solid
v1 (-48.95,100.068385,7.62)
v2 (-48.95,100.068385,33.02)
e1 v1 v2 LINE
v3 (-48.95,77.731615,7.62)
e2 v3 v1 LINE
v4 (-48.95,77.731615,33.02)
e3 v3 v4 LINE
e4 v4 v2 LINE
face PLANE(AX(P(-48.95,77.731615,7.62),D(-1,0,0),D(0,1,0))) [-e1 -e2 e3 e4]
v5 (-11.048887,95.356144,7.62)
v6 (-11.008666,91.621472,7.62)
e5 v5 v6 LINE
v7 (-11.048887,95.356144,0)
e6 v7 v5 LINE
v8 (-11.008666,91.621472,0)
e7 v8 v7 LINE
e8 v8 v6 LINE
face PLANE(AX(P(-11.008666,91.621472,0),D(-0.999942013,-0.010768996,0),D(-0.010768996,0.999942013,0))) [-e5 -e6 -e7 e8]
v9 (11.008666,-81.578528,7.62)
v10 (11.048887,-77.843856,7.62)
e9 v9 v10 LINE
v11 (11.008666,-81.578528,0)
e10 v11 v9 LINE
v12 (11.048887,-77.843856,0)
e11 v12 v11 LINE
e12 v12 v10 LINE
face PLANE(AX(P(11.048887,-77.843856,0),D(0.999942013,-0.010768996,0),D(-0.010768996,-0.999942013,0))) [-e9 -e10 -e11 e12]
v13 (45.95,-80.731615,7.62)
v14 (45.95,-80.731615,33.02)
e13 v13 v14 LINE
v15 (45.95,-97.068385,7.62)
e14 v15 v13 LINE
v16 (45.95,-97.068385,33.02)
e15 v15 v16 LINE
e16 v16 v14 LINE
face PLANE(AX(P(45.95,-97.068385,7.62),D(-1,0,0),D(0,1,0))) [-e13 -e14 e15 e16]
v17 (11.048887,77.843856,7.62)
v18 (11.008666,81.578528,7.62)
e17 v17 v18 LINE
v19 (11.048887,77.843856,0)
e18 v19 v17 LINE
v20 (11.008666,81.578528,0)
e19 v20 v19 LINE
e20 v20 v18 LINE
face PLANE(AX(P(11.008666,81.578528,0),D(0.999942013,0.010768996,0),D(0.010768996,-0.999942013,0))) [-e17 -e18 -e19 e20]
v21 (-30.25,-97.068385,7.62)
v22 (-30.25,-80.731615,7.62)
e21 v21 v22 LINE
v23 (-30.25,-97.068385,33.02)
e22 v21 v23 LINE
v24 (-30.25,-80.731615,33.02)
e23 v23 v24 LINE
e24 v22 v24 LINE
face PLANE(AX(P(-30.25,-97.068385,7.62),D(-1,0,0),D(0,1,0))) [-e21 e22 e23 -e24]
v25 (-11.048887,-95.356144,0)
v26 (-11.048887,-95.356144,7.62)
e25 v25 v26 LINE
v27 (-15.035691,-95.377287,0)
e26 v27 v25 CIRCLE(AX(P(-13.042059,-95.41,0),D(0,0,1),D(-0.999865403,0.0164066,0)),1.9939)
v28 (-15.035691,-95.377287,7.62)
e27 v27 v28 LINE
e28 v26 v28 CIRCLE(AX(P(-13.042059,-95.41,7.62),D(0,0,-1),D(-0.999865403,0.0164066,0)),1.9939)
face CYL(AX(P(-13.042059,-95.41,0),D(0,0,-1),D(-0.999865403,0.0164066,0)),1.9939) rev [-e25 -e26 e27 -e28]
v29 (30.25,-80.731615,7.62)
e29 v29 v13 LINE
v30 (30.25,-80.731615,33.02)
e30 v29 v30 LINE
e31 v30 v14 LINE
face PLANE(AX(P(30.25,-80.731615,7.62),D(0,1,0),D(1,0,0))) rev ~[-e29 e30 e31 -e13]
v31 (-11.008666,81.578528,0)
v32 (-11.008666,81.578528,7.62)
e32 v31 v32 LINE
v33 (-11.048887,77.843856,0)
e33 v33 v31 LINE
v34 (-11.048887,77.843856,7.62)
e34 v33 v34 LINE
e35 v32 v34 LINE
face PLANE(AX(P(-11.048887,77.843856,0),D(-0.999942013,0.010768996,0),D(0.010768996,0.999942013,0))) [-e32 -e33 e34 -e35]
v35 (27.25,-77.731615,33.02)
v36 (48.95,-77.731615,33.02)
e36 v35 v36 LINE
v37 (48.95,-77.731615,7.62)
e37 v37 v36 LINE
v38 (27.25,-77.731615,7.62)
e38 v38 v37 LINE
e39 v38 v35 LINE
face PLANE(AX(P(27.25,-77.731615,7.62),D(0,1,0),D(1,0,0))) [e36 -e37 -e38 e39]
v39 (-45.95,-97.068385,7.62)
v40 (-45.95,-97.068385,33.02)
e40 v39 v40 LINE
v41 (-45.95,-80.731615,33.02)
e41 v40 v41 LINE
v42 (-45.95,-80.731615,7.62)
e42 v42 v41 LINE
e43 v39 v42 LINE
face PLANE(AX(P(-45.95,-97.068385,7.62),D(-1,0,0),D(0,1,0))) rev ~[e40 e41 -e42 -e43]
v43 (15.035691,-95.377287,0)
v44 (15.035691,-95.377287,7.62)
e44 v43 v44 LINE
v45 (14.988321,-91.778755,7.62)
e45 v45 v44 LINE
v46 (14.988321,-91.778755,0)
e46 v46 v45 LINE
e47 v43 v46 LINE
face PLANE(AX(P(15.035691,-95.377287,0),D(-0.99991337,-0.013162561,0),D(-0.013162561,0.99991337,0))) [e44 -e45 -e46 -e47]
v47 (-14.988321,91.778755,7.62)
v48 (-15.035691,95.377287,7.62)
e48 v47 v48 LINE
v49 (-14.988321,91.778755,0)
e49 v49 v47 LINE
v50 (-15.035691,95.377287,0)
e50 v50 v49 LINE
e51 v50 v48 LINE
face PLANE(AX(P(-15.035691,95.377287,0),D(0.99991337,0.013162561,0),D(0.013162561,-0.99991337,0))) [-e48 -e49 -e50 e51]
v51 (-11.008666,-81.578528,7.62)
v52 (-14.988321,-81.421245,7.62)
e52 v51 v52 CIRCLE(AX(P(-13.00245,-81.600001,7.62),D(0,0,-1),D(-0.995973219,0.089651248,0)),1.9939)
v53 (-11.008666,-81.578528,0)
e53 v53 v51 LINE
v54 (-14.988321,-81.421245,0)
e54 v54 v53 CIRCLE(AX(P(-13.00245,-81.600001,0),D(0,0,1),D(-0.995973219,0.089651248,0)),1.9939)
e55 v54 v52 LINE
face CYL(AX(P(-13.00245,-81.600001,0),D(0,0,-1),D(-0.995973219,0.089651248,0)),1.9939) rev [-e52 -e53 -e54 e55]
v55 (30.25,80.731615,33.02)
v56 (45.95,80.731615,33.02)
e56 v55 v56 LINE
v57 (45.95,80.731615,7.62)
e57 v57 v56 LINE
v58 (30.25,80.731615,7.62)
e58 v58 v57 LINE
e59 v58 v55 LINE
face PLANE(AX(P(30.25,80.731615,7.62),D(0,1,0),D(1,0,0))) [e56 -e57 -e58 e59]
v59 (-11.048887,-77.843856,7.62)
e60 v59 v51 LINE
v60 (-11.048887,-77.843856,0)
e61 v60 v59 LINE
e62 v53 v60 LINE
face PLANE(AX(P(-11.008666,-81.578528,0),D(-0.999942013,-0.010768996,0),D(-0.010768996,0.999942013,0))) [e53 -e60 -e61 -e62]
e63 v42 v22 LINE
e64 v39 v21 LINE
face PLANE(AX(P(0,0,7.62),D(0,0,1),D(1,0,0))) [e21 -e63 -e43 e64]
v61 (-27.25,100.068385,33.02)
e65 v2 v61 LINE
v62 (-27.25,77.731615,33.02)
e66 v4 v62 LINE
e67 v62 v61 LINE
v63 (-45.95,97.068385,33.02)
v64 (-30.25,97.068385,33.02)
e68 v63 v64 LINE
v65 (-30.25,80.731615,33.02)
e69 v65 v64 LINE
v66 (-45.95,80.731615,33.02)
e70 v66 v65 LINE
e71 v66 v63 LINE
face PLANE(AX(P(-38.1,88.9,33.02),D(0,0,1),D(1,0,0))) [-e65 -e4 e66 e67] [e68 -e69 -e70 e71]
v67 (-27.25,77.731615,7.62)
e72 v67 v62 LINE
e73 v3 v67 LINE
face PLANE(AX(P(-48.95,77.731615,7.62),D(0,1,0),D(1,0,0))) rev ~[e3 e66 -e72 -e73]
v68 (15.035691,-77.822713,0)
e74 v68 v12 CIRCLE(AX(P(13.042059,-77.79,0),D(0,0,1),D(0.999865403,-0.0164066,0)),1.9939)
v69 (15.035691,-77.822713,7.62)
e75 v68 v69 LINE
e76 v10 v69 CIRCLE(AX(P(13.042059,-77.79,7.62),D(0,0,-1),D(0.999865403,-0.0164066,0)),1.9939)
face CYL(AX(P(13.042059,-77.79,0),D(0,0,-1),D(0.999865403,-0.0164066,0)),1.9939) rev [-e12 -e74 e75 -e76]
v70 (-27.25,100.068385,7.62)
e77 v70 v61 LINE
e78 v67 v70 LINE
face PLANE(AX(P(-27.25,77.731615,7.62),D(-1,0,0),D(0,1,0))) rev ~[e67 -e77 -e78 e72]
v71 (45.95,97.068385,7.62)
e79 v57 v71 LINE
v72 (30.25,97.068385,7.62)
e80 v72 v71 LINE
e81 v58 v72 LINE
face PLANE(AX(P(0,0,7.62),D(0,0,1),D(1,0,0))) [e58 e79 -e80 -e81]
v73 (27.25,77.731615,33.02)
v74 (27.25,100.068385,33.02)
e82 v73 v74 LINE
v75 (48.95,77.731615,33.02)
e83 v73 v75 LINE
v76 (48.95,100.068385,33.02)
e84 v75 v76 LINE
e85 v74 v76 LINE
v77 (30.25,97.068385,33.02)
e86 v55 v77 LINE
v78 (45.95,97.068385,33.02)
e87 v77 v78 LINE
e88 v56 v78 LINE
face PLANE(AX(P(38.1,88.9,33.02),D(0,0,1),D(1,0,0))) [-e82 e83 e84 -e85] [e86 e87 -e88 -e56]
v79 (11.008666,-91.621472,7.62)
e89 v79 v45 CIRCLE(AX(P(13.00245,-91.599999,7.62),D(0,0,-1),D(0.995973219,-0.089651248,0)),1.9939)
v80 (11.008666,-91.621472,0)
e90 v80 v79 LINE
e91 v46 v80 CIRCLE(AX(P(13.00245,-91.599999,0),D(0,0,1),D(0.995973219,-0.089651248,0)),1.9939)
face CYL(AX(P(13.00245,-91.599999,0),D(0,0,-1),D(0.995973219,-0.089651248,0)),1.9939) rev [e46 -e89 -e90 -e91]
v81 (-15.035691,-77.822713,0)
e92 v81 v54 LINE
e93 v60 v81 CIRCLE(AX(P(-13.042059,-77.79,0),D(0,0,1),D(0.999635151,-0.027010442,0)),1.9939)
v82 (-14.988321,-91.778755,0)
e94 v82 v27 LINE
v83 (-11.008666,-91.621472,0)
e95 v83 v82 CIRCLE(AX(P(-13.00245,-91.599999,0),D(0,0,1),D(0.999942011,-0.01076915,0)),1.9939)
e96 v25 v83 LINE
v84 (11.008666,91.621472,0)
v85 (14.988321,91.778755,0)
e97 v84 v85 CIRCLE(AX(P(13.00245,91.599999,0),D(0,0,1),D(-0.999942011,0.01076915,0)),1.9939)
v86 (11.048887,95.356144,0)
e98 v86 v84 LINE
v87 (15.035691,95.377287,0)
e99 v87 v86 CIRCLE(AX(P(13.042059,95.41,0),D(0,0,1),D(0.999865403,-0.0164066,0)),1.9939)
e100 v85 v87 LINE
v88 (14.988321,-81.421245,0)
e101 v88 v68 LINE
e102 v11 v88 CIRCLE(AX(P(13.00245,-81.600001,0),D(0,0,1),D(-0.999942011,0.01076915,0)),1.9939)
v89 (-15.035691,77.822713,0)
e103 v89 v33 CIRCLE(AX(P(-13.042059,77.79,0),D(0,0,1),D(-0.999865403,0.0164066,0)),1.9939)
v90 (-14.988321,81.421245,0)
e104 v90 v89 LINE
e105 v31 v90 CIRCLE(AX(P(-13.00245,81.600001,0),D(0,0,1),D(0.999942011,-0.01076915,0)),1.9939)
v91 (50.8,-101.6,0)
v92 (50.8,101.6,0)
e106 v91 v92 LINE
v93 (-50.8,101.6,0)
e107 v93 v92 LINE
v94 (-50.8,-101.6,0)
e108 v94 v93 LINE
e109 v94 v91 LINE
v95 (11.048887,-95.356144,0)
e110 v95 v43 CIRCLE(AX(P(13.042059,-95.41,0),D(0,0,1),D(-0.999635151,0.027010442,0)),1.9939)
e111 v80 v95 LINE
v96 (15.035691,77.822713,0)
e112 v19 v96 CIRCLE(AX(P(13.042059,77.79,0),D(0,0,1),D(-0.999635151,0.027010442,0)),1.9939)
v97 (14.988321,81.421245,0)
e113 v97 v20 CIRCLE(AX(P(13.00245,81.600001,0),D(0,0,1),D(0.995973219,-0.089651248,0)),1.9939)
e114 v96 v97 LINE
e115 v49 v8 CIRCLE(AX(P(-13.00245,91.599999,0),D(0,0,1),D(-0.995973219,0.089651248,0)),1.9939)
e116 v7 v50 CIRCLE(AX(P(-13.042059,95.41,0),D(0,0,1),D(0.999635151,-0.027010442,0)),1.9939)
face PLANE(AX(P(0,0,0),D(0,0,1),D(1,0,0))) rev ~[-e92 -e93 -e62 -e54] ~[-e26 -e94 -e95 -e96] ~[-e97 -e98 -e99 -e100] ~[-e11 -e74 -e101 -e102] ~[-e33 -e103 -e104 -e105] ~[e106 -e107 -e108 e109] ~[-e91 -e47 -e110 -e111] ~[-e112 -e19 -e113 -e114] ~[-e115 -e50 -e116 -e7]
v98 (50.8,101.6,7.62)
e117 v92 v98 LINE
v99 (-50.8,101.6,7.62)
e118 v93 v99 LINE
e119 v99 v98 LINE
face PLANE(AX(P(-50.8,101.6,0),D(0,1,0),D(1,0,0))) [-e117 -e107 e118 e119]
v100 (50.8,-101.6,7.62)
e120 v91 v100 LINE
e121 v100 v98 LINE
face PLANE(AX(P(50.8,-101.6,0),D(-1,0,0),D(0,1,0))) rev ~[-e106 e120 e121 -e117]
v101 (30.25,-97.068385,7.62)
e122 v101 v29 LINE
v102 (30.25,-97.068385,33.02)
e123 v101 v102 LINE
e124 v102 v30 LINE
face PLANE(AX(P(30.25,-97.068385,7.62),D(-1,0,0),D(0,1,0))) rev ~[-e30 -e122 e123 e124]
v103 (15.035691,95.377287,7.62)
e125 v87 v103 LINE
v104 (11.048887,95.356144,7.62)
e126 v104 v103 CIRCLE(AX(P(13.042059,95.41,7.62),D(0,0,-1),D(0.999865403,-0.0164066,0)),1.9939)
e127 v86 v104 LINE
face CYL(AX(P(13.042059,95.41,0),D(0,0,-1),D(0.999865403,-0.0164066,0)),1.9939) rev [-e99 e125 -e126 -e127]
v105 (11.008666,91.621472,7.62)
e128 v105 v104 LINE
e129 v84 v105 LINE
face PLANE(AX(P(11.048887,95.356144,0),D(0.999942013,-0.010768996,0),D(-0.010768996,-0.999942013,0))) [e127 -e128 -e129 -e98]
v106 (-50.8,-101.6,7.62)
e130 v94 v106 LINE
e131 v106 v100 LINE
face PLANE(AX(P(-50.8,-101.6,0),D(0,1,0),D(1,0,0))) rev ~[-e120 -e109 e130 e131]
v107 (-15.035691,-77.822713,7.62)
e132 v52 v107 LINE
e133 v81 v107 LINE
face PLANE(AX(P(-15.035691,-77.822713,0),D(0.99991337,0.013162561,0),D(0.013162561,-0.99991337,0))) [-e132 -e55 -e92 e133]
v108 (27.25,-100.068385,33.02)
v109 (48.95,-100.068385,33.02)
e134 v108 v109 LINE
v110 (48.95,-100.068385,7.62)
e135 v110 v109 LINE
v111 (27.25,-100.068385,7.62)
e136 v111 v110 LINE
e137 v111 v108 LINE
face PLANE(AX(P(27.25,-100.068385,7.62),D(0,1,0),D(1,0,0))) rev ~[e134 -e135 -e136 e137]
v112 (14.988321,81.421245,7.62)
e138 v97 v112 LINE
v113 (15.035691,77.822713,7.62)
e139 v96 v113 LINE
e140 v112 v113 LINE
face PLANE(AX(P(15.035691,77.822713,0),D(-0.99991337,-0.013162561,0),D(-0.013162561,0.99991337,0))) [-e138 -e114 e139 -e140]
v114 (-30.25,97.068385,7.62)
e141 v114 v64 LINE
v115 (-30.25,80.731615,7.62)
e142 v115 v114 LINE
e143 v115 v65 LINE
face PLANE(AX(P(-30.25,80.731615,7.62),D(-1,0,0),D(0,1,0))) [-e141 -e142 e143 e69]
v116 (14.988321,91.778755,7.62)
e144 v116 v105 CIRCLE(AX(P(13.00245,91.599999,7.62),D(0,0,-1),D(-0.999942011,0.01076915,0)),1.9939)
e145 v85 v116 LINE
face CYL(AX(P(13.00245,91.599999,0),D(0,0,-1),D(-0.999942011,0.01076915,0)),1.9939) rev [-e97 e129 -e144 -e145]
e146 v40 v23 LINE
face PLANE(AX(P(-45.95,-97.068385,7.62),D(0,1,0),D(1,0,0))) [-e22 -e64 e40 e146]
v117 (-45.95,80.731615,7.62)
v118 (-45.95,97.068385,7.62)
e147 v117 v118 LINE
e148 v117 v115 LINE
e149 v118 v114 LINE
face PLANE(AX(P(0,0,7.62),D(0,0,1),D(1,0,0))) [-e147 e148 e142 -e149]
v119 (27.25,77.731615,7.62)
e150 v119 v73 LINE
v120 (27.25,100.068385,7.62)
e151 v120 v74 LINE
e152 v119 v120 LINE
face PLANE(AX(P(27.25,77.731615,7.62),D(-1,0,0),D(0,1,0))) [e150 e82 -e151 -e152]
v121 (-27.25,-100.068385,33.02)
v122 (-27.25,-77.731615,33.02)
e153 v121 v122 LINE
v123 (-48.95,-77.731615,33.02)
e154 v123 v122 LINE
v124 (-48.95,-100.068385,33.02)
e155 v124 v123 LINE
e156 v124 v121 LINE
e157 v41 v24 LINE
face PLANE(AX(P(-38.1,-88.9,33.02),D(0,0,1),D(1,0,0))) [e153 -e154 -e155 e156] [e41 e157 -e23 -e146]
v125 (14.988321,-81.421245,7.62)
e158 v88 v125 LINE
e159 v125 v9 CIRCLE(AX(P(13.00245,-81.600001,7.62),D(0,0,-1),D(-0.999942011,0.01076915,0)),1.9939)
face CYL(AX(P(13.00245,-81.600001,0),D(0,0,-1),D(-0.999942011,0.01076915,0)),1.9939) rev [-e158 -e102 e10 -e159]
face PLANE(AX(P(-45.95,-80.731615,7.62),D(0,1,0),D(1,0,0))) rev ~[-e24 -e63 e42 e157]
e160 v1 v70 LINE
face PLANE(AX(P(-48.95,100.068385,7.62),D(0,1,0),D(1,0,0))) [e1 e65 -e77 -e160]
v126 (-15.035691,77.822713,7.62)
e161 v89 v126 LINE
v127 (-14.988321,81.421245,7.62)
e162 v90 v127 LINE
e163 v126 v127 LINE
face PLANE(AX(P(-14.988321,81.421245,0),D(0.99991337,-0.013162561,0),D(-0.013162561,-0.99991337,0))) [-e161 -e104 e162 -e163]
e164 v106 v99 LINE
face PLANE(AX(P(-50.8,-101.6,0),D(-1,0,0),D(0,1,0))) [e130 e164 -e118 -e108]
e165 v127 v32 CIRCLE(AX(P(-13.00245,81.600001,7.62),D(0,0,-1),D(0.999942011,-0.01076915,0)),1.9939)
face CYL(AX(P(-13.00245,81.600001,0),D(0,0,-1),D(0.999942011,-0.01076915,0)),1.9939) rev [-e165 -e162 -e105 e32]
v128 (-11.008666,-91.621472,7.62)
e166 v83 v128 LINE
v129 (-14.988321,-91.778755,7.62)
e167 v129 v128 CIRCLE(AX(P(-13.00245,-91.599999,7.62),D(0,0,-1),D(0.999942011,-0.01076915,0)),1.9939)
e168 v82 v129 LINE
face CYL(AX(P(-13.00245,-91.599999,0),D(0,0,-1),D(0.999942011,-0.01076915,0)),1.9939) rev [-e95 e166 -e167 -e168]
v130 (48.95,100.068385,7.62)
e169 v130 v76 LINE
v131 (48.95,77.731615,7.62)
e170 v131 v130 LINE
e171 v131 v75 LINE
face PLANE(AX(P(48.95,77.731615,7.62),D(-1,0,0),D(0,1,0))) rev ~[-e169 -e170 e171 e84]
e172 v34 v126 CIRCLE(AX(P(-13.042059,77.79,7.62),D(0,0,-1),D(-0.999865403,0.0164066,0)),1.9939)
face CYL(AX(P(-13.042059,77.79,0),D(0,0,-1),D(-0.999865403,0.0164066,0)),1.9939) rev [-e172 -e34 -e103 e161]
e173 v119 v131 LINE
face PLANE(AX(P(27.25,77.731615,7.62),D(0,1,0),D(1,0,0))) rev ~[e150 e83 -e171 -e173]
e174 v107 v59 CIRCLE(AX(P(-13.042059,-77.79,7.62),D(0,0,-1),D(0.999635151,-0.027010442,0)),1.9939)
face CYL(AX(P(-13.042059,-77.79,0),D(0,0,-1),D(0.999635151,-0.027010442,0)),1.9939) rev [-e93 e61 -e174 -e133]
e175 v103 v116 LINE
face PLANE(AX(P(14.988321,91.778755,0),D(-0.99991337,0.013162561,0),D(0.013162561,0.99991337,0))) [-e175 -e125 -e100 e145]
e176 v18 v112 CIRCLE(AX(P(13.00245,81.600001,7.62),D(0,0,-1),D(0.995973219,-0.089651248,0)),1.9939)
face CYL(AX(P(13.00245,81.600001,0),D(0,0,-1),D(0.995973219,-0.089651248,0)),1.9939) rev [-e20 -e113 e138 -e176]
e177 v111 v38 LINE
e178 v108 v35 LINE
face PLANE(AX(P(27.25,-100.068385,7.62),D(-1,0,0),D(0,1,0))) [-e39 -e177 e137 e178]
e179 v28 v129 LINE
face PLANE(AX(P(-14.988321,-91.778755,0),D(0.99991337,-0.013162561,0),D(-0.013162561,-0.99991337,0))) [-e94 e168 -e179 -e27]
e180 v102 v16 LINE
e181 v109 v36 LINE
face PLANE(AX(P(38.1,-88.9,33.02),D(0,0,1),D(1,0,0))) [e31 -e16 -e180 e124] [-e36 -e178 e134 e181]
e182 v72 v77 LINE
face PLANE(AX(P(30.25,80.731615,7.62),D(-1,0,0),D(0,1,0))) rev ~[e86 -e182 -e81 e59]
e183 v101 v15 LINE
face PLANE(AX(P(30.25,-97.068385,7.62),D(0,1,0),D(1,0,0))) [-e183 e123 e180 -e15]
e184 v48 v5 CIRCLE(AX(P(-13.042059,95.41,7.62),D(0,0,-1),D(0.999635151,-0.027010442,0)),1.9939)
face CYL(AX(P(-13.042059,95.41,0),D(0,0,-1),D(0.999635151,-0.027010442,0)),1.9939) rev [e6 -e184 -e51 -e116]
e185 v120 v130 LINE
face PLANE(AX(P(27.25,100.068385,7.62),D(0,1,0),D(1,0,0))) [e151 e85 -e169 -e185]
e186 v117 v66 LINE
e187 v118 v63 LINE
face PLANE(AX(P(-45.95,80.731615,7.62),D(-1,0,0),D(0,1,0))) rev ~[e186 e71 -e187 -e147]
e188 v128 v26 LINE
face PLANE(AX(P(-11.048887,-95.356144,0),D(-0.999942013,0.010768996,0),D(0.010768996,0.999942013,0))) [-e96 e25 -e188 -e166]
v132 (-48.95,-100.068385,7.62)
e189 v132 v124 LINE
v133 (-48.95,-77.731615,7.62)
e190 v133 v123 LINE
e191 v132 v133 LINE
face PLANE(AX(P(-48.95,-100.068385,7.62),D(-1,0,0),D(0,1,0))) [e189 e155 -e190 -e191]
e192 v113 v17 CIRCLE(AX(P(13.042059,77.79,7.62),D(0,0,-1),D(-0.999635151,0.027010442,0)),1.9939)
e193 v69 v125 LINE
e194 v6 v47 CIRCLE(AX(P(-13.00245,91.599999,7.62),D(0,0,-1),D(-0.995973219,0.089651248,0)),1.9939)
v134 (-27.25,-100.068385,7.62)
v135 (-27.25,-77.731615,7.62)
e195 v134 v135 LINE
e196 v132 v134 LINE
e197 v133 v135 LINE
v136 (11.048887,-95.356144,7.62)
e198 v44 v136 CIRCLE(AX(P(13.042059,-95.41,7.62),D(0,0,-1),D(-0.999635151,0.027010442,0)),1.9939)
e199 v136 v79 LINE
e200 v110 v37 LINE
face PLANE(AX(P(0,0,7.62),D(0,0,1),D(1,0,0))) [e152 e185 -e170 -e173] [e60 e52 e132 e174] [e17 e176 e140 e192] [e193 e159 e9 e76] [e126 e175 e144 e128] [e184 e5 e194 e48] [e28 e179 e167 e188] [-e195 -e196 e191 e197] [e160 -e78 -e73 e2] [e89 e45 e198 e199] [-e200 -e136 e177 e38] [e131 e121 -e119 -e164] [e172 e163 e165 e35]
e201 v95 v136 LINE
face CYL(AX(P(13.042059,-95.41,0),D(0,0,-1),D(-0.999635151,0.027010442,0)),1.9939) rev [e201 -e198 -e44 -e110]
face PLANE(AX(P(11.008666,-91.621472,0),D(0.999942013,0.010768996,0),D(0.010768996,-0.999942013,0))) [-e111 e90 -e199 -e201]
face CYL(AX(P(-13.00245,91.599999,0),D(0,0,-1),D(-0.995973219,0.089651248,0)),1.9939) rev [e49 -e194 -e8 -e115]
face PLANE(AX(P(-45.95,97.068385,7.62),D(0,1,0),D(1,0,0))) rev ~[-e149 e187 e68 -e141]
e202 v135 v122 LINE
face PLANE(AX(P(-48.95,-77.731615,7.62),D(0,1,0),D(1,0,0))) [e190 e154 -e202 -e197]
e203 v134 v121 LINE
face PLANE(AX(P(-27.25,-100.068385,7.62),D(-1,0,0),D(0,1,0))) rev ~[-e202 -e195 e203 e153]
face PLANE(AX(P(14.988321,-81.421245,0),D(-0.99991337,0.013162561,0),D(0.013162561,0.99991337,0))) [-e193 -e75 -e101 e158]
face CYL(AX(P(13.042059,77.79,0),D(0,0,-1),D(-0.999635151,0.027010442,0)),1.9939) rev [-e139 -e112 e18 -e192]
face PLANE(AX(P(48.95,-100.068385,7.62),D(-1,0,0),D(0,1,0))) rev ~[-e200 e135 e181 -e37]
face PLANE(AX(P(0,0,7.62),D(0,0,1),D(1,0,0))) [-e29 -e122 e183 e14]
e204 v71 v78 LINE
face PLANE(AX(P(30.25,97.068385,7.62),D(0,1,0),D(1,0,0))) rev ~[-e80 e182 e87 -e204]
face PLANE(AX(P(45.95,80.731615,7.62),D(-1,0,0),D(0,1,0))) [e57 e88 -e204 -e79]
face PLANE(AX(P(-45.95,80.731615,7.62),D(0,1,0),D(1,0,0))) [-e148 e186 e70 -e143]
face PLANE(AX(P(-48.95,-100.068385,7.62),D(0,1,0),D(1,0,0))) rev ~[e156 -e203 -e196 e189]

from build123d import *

# Parameters (mm, degrees)
F0_W     = 101.6
F0_H     = 203.2
F1_DEPTH = 7.62
F3_DEPTH = 25.4
F4_W     = 21.7
F4_H     = 22.33677
F4_W_2   = 15.7
F4_H_2   = 16.33677
F5_DEPTH = 25.4


with BuildPart() as f1:
    # F0 (on Top) → F1 (new body)
    with BuildSketch(Plane.XY):
        Rectangle(F0_W, F0_H)
    extrude(amount=F1_DEPTH)

    # F2 (on Top) → F3 (cut)
    with BuildSketch(Plane.XY):
        with BuildLine():
            Line((-15.035691, -77.822713), (-14.988321, -81.421245))
            ThreePointArc((-14.988321, -81.421245), (-13.081192, -83.592345), (-11.008666, -81.578528))
            Line((-11.008666, -81.578528), (-11.048887, -77.843856))
            ThreePointArc((-11.048887, -77.843856), (-13.031485, -75.796128), (-15.035691, -77.822713))
        make_face()
        with BuildLine():
            ThreePointArc((-15.035691, -95.377287), (-13.031485, -97.403872), (-11.048887, -95.356144))
            Line((-11.048887, -95.356144), (-11.008666, -91.621472))
            ThreePointArc((-11.008666, -91.621472), (-13.081192, -89.607655), (-14.988321, -91.778755))
            Line((-14.988321, -91.778755), (-15.035691, -95.377287))
        make_face()
        with BuildLine():
            ThreePointArc((15.035691, -77.822713), (13.031485, -75.796128), (11.048887, -77.843856))
            Line((11.048887, -77.843856), (11.008666, -81.578528))
            ThreePointArc((11.008666, -81.578528), (13.081192, -83.592345), (14.988321, -81.421245))
            Line((14.988321, -81.421245), (15.035691, -77.822713))
        make_face()
        with BuildLine():
            Line((11.008666, -91.621472), (11.048887, -95.356144))
            ThreePointArc((11.048887, -95.356144), (13.031485, -97.403872), (15.035691, -95.377287))
            Line((15.035691, -95.377287), (14.988321, -91.778755))
            ThreePointArc((14.988321, -91.778755), (13.081192, -89.607655), (11.008666, -91.621472))
        make_face()
        with BuildLine():
            ThreePointArc((15.035691, 95.377287), (13.031485, 97.403872), (11.048887, 95.356144))
            Line((11.048887, 95.356144), (11.008666, 91.621472))
            ThreePointArc((11.008666, 91.621472), (13.081192, 89.607655), (14.988321, 91.778755))
            Line((14.988321, 91.778755), (15.035691, 95.377287))
        make_face()
        with BuildLine():
            Line((-11.008666, 91.621472), (-11.048887, 95.356144))
            ThreePointArc((-11.048887, 95.356144), (-13.031485, 97.403872), (-15.035691, 95.377287))
            Line((-15.035691, 95.377287), (-14.988321, 91.778755))
            ThreePointArc((-14.988321, 91.778755), (-13.081192, 89.607655), (-11.008666, 91.621472))
        make_face()
        with BuildLine():
            ThreePointArc((-15.035691, 77.822713), (-13.031485, 75.796128), (-11.048887, 77.843856))
            Line((-11.048887, 77.843856), (-11.008666, 81.578528))
            ThreePointArc((-11.008666, 81.578528), (-13.081192, 83.592345), (-14.988321, 81.421245))
            Line((-14.988321, 81.421245), (-15.035691, 77.822713))
        make_face()
        with BuildLine():
            ThreePointArc((11.048887, 77.843856), (13.031485, 75.796128), (15.035691, 77.822713))
            Line((15.035691, 77.822713), (14.988321, 81.421245))
            ThreePointArc((14.988321, 81.421245), (13.081192, 83.592345), (11.008666, 81.578528))
            Line((11.008666, 81.578528), (11.048887, 77.843856))
        make_face()
    extrude(amount=F3_DEPTH, mode=Mode.SUBTRACT)

    # F4 (on face) → F5 (join)
    with BuildSketch(Plane.XY.offset(7.62)):
        with Locations((38.1, 88.9)):
            Rectangle(F4_W, F4_H)
        with Locations((38.1, 88.9)):
            Rectangle(F4_W_2, F4_H_2, mode=Mode.SUBTRACT)
        with Locations((38.1, -88.9)):
            Rectangle(F4_W, F4_H)
        with Locations((38.1, -88.9)):
            Rectangle(F4_W_2, F4_H_2, mode=Mode.SUBTRACT)
        with Locations((-38.1, 88.9)):
            Rectangle(F4_W, F4_H)
        with Locations((-38.1, 88.9)):
            Rectangle(F4_W_2, F4_H_2, mode=Mode.SUBTRACT)
        with Locations((-38.1, -88.9)):
            Rectangle(F4_W, F4_H)
        with Locations((-38.1, -88.9)):
            Rectangle(F4_W_2, F4_H_2, mode=Mode.SUBTRACT)
    extrude(amount=F5_DEPTH)


solid = f1.part
